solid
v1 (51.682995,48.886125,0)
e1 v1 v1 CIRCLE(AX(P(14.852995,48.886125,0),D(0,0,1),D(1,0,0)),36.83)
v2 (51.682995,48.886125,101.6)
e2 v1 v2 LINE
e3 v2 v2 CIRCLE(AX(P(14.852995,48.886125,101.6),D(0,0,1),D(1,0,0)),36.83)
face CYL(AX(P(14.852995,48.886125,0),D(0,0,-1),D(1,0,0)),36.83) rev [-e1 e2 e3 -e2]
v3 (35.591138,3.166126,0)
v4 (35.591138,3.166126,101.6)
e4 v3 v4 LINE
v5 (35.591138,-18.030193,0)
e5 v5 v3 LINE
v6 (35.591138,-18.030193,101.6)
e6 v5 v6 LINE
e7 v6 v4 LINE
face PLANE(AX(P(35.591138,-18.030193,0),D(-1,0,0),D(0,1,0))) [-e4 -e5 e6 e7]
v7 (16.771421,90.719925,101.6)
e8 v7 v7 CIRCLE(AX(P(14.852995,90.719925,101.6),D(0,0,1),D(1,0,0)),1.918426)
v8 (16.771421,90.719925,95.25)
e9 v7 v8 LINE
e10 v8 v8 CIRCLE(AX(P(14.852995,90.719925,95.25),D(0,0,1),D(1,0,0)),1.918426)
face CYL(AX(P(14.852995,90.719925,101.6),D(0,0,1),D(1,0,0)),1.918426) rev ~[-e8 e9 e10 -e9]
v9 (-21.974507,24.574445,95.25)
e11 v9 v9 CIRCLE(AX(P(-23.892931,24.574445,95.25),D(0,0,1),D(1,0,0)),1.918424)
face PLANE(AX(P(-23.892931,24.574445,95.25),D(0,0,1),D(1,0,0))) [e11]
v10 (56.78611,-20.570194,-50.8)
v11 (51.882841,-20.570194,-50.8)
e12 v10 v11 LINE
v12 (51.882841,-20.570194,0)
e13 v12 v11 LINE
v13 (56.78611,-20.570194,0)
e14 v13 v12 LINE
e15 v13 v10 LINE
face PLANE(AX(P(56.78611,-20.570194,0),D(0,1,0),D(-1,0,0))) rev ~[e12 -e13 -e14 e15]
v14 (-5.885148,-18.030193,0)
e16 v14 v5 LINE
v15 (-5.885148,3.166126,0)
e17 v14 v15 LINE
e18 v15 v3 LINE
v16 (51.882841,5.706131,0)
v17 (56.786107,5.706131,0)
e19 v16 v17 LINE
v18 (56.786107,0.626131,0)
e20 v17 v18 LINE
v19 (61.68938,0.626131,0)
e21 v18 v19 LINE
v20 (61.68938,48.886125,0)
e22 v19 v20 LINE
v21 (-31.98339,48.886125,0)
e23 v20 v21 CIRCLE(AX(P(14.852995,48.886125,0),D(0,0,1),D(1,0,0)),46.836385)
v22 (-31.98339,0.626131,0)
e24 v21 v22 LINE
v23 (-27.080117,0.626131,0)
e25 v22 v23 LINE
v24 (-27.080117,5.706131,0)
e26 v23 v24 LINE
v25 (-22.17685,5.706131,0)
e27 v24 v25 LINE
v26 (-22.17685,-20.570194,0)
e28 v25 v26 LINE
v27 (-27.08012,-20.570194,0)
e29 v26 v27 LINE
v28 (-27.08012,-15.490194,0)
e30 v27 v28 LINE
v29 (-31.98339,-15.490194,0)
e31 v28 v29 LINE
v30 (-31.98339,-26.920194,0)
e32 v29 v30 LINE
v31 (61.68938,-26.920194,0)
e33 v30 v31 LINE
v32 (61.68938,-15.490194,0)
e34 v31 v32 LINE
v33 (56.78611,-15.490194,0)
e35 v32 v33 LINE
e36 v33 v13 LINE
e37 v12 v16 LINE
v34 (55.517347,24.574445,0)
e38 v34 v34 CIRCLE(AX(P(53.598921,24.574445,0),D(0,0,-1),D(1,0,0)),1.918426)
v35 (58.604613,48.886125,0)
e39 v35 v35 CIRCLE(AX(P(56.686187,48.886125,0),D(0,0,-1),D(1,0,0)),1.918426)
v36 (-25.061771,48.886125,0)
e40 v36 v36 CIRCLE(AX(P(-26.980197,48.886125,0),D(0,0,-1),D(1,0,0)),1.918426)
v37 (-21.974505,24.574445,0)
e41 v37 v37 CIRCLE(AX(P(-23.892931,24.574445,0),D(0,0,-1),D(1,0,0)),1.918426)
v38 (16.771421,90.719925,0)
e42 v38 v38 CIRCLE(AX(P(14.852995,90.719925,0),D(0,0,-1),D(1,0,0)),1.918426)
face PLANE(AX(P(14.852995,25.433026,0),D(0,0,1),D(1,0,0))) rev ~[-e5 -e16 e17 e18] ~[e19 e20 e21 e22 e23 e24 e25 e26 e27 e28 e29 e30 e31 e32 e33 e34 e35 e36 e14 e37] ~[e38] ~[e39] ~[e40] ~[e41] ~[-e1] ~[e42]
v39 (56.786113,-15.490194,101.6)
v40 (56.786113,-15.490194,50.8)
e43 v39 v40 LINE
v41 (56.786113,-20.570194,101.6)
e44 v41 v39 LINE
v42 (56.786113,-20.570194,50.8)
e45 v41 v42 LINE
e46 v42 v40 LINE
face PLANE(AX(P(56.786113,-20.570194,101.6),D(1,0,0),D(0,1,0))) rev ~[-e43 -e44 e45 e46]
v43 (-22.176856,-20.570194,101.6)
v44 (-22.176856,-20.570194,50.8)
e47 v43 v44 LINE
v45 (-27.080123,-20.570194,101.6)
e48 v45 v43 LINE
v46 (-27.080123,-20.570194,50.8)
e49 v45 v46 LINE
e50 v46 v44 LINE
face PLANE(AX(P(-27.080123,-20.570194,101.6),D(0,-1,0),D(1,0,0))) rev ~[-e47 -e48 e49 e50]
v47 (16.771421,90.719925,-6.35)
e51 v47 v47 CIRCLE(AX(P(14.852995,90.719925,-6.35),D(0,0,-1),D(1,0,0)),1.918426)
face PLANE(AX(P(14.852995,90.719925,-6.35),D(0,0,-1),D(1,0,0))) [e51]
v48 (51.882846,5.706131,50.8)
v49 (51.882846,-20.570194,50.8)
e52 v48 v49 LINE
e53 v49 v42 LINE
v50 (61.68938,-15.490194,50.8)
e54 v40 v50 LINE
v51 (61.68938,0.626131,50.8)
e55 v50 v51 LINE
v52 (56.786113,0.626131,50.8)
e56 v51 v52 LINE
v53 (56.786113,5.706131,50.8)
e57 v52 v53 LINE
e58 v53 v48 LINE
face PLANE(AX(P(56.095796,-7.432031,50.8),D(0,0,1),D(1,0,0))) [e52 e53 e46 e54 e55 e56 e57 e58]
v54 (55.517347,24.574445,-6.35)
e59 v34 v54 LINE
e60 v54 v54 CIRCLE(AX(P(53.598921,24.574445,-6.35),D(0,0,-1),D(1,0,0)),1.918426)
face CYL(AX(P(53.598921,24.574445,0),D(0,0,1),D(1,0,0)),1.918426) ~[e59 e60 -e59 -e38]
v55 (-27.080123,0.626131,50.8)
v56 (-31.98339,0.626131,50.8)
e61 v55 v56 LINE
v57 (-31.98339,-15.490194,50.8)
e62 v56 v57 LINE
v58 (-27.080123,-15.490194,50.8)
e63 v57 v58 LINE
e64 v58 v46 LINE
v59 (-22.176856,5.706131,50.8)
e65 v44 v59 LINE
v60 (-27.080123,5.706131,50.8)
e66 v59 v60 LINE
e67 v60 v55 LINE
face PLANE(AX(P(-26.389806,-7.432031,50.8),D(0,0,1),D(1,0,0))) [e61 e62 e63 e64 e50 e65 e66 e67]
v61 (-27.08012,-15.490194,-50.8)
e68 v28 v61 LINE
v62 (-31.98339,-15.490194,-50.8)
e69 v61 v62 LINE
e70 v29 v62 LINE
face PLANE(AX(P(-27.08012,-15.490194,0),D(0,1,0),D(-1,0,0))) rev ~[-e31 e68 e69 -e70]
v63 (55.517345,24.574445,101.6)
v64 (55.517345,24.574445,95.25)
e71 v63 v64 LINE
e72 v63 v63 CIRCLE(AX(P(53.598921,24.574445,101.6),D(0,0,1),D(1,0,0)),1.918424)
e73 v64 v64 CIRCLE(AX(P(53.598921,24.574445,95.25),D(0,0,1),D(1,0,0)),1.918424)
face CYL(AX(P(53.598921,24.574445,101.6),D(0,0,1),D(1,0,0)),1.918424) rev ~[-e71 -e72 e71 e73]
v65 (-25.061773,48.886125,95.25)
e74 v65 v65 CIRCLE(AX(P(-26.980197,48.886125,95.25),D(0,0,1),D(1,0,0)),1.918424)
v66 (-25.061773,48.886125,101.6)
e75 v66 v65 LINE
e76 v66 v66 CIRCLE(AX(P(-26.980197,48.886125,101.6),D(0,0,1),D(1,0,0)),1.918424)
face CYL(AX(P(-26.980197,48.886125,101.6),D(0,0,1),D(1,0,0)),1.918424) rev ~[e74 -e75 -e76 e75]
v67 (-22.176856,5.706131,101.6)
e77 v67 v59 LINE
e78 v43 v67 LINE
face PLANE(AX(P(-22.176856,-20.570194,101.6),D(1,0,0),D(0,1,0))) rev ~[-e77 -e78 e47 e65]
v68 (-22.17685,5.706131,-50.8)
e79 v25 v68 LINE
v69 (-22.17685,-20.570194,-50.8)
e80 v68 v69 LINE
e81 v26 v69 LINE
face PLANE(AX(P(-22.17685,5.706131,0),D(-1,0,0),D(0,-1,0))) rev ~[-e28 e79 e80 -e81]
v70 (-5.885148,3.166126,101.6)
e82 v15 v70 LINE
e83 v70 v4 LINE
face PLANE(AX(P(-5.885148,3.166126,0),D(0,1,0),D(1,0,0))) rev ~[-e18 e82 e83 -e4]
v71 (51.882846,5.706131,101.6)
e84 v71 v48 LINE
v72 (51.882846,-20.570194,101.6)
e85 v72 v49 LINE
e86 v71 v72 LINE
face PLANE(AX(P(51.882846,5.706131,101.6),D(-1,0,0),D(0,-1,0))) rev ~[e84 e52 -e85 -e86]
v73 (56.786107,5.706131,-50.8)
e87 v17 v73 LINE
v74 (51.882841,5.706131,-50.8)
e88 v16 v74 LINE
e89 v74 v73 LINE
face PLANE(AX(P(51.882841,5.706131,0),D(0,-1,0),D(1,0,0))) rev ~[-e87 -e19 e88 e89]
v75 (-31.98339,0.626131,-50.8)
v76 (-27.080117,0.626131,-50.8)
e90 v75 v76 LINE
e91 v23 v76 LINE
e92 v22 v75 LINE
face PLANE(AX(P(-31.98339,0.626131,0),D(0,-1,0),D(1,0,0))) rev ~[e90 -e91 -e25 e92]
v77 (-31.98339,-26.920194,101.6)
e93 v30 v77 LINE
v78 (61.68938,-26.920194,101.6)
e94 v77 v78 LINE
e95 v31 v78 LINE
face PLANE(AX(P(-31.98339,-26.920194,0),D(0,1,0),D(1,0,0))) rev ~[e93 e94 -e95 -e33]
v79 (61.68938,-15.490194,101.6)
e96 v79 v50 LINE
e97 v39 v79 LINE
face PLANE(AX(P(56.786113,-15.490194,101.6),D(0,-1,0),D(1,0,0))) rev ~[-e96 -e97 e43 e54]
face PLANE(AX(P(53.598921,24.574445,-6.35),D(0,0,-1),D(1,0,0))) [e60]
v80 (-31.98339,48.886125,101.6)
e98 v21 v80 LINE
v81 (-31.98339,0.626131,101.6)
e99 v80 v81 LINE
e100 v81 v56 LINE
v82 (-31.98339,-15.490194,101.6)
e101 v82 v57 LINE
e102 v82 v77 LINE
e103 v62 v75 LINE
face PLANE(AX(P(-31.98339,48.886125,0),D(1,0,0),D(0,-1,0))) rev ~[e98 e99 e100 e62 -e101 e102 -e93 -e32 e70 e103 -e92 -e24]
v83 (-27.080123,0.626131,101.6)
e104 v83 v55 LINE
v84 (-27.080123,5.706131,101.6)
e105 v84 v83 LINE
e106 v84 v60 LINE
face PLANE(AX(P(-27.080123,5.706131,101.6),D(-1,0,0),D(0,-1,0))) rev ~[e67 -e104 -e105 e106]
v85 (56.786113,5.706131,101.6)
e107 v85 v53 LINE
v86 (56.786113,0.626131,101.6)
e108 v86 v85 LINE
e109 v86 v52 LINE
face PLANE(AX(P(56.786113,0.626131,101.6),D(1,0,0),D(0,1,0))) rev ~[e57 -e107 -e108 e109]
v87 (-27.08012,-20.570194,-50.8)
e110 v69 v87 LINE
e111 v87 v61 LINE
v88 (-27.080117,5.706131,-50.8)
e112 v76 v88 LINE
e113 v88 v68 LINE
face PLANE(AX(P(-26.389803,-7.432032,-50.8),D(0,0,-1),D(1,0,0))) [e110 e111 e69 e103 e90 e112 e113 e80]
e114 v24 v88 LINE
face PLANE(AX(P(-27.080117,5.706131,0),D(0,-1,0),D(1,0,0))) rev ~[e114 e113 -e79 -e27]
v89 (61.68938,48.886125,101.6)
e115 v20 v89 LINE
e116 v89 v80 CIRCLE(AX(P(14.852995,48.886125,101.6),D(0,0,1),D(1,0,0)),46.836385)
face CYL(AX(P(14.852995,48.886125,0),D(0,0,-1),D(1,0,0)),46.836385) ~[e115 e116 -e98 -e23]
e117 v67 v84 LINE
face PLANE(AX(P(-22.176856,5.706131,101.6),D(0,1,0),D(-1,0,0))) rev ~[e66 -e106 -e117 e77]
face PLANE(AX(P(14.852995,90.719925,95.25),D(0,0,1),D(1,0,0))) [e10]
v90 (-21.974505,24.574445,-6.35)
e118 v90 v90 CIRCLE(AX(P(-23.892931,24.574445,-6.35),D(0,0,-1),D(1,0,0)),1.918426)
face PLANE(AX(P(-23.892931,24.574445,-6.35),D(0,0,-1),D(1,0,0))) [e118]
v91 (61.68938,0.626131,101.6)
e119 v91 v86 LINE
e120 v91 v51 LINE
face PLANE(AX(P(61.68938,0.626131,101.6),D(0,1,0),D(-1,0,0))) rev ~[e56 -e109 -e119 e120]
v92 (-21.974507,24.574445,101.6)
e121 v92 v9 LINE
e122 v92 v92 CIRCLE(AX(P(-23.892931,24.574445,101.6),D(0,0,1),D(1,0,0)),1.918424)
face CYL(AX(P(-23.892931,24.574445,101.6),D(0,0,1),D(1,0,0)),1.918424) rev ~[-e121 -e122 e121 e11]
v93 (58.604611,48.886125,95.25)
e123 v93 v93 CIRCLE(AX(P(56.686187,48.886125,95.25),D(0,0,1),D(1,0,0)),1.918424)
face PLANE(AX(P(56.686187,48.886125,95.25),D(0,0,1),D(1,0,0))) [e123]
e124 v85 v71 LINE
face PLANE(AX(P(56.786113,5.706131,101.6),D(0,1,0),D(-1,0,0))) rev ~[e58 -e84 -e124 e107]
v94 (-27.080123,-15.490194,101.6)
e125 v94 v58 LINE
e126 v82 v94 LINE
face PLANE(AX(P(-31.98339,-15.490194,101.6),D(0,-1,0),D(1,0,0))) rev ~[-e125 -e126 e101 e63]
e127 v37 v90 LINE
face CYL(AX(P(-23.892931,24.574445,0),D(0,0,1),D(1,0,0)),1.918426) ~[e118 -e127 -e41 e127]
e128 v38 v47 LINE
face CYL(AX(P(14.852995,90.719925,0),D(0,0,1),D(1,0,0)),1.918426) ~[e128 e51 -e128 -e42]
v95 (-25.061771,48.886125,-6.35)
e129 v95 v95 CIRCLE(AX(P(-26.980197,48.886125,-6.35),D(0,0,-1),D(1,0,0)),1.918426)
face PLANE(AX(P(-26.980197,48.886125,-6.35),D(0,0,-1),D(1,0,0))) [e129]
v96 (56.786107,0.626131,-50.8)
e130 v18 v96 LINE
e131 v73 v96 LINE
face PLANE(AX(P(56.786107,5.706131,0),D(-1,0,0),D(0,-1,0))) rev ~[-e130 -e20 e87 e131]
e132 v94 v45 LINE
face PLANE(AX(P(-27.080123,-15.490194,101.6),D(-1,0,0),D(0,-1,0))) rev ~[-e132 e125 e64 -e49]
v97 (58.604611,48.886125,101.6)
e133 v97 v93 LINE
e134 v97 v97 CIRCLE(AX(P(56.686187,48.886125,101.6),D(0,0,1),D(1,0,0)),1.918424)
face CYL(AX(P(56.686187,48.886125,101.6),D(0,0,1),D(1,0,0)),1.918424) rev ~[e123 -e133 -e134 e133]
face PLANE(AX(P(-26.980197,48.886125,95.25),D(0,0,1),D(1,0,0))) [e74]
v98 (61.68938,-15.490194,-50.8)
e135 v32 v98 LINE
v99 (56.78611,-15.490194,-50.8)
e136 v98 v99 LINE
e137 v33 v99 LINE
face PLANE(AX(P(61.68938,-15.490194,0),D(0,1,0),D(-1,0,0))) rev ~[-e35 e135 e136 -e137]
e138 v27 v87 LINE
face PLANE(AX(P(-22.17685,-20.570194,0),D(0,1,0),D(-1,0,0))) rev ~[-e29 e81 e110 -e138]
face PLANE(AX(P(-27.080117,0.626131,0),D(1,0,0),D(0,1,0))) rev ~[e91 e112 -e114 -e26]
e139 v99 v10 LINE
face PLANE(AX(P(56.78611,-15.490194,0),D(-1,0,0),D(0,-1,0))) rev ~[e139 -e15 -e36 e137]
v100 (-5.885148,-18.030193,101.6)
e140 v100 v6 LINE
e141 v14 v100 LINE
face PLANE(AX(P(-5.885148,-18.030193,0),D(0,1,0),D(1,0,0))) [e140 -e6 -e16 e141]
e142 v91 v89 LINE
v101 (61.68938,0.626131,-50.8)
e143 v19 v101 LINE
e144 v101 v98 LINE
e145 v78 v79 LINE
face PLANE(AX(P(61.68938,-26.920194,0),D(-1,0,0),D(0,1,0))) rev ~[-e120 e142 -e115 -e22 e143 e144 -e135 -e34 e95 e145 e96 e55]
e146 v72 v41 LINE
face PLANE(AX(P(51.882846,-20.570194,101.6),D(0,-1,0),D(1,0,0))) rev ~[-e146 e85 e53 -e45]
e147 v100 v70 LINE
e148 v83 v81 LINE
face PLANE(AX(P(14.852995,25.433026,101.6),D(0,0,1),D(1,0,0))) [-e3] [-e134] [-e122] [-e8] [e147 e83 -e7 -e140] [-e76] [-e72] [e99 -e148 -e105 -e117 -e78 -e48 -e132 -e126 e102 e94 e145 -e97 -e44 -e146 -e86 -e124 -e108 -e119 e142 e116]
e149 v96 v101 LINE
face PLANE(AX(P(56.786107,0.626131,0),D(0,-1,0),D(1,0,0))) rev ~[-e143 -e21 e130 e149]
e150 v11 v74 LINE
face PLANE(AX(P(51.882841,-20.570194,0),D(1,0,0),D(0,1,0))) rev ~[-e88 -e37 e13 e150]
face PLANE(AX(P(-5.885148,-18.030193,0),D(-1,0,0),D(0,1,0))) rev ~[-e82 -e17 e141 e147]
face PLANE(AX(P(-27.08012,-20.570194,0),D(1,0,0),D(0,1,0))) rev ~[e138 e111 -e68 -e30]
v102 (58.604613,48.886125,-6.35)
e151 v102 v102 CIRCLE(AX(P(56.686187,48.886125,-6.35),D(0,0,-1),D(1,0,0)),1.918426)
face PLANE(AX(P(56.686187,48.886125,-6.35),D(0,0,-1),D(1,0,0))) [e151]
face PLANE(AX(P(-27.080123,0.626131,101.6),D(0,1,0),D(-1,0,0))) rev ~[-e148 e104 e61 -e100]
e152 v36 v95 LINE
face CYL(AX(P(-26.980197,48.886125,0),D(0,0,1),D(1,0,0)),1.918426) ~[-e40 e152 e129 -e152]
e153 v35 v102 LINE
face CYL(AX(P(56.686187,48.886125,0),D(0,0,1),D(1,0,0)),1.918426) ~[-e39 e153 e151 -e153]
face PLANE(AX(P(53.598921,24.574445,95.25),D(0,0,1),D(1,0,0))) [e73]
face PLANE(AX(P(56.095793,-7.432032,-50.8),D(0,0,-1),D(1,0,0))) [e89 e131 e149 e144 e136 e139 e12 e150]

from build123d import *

# Parameters (mm, degrees)
F0_W      = 41.476287
F0_H      = 21.196319
F0_R      = 36.83
F1_DEPTH  = 101.6
F4_DEPTH  = 50.8
F6_DEPTH  = 50.8
F7_R      = 1.918424
F7_R_2    = 1.918426
F8_DEPTH  = 6.35
F9_R      = 1.918426
F10_DEPTH = 6.35


with BuildPart() as f1:
    # F0 (on Top) → F1 (new body)
    with BuildSketch(Plane.XY):
        with BuildLine():
            Line((61.68938, -26.920194), (61.68938, 48.886125))
            ThreePointArc((61.68938, 48.886125), (14.852995, 95.72251), (-31.98339, 48.886125))
            Line((-31.98339, 48.886125), (-31.98339, -26.920194))
            Line((-31.98339, -26.920194), (61.68938, -26.920194))
        make_face()
        with Locations((14.852995, -7.432034)):
            Rectangle(F0_W, F0_H, mode=Mode.SUBTRACT)
        with Locations((14.852995, 48.886125)):
            Circle(F0_R, mode=Mode.SUBTRACT)
    extrude(amount=F1_DEPTH)

    # F3 (on face) → F4 (join)
    with BuildSketch(Plane(origin=(0, 0, 0), x_dir=(1, 0, 0), z_dir=(0, 0, -1))):
        Polygon((51.882841, 20.570194), (51.882841, 20.069338), (51.882841, -5.706131), (56.786107, -5.706131), (56.786107, -0.626131), (61.68938, -0.626131), (61.68938, 15.490194), (56.78611, 15.490194), (56.78611, 20.069338), (56.78611, 20.570194), align=None)
        Polygon((-22.17685, -5.706131), (-22.17685, 20.069338), (-22.17685, 20.570194), (-27.08012, 20.570194), (-27.08012, 20.069338), (-27.08012, 15.490194), (-31.98339, 15.490194), (-31.98339, -0.626131), (-27.080117, -0.626131), (-27.080117, -5.706131), align=None)
    extrude(amount=F4_DEPTH)

    # F5 (on face) → F6 (cut)
    with BuildSketch(Plane.XY.offset(101.6)):
        Polygon((-31.98339, 0.626131), (-31.98339, -15.490194), (-27.080123, -15.490194), (-27.080123, -20.570194), (-22.176856, -20.570194), (-22.176856, -15.490194), (-22.176856, 0.626131), (-22.176856, 5.706131), (-27.080123, 5.706131), (-27.080123, 0.626131), align=None)
        Polygon((51.882846, 0.626131), (51.882846, -15.490194), (51.882846, -20.570194), (56.786113, -20.570194), (56.786113, -15.490194), (61.68938, -15.490194), (61.68938, 0.626131), (56.786113, 0.626131), (56.786113, 5.706131), (51.882846, 5.706131), align=None)
    extrude(amount=-F6_DEPTH, mode=Mode.SUBTRACT)

    # F7 (on face) → F8 (cut)
    with BuildSketch(Plane.XY.offset(101.6)):
        with Locations((-26.980197, 48.886125)):
            Circle(F7_R)
        with Locations((-23.892931, 24.574445)):
            Circle(F7_R)
        with Locations((53.598921, 24.574445)):
            Circle(F7_R)
        with Locations((56.686187, 48.886125)):
            Circle(F7_R)
        with Locations((14.852995, 90.719925)):
            Circle(F7_R_2)
    extrude(amount=-F8_DEPTH, mode=Mode.SUBTRACT)

    # F9 (on face) → F10 (join)
    with BuildSketch(Plane(origin=(0, 0, 0), x_dir=(1, 0, 0), z_dir=(0, 0, -1))):
        with Locations((56.686187, -48.886125)):
            Circle(F9_R)
        with Locations((14.852995, -90.719925)):
            Circle(F9_R)
        with Locations((-26.980197, -48.886125)):
            Circle(F9_R)
        with Locations((-23.892931, -24.574445)):
            Circle(F9_R)
        with Locations((53.598921, -24.574445)):
            Circle(F9_R)
    extrude(amount=F10_DEPTH)


solid = f1.part
